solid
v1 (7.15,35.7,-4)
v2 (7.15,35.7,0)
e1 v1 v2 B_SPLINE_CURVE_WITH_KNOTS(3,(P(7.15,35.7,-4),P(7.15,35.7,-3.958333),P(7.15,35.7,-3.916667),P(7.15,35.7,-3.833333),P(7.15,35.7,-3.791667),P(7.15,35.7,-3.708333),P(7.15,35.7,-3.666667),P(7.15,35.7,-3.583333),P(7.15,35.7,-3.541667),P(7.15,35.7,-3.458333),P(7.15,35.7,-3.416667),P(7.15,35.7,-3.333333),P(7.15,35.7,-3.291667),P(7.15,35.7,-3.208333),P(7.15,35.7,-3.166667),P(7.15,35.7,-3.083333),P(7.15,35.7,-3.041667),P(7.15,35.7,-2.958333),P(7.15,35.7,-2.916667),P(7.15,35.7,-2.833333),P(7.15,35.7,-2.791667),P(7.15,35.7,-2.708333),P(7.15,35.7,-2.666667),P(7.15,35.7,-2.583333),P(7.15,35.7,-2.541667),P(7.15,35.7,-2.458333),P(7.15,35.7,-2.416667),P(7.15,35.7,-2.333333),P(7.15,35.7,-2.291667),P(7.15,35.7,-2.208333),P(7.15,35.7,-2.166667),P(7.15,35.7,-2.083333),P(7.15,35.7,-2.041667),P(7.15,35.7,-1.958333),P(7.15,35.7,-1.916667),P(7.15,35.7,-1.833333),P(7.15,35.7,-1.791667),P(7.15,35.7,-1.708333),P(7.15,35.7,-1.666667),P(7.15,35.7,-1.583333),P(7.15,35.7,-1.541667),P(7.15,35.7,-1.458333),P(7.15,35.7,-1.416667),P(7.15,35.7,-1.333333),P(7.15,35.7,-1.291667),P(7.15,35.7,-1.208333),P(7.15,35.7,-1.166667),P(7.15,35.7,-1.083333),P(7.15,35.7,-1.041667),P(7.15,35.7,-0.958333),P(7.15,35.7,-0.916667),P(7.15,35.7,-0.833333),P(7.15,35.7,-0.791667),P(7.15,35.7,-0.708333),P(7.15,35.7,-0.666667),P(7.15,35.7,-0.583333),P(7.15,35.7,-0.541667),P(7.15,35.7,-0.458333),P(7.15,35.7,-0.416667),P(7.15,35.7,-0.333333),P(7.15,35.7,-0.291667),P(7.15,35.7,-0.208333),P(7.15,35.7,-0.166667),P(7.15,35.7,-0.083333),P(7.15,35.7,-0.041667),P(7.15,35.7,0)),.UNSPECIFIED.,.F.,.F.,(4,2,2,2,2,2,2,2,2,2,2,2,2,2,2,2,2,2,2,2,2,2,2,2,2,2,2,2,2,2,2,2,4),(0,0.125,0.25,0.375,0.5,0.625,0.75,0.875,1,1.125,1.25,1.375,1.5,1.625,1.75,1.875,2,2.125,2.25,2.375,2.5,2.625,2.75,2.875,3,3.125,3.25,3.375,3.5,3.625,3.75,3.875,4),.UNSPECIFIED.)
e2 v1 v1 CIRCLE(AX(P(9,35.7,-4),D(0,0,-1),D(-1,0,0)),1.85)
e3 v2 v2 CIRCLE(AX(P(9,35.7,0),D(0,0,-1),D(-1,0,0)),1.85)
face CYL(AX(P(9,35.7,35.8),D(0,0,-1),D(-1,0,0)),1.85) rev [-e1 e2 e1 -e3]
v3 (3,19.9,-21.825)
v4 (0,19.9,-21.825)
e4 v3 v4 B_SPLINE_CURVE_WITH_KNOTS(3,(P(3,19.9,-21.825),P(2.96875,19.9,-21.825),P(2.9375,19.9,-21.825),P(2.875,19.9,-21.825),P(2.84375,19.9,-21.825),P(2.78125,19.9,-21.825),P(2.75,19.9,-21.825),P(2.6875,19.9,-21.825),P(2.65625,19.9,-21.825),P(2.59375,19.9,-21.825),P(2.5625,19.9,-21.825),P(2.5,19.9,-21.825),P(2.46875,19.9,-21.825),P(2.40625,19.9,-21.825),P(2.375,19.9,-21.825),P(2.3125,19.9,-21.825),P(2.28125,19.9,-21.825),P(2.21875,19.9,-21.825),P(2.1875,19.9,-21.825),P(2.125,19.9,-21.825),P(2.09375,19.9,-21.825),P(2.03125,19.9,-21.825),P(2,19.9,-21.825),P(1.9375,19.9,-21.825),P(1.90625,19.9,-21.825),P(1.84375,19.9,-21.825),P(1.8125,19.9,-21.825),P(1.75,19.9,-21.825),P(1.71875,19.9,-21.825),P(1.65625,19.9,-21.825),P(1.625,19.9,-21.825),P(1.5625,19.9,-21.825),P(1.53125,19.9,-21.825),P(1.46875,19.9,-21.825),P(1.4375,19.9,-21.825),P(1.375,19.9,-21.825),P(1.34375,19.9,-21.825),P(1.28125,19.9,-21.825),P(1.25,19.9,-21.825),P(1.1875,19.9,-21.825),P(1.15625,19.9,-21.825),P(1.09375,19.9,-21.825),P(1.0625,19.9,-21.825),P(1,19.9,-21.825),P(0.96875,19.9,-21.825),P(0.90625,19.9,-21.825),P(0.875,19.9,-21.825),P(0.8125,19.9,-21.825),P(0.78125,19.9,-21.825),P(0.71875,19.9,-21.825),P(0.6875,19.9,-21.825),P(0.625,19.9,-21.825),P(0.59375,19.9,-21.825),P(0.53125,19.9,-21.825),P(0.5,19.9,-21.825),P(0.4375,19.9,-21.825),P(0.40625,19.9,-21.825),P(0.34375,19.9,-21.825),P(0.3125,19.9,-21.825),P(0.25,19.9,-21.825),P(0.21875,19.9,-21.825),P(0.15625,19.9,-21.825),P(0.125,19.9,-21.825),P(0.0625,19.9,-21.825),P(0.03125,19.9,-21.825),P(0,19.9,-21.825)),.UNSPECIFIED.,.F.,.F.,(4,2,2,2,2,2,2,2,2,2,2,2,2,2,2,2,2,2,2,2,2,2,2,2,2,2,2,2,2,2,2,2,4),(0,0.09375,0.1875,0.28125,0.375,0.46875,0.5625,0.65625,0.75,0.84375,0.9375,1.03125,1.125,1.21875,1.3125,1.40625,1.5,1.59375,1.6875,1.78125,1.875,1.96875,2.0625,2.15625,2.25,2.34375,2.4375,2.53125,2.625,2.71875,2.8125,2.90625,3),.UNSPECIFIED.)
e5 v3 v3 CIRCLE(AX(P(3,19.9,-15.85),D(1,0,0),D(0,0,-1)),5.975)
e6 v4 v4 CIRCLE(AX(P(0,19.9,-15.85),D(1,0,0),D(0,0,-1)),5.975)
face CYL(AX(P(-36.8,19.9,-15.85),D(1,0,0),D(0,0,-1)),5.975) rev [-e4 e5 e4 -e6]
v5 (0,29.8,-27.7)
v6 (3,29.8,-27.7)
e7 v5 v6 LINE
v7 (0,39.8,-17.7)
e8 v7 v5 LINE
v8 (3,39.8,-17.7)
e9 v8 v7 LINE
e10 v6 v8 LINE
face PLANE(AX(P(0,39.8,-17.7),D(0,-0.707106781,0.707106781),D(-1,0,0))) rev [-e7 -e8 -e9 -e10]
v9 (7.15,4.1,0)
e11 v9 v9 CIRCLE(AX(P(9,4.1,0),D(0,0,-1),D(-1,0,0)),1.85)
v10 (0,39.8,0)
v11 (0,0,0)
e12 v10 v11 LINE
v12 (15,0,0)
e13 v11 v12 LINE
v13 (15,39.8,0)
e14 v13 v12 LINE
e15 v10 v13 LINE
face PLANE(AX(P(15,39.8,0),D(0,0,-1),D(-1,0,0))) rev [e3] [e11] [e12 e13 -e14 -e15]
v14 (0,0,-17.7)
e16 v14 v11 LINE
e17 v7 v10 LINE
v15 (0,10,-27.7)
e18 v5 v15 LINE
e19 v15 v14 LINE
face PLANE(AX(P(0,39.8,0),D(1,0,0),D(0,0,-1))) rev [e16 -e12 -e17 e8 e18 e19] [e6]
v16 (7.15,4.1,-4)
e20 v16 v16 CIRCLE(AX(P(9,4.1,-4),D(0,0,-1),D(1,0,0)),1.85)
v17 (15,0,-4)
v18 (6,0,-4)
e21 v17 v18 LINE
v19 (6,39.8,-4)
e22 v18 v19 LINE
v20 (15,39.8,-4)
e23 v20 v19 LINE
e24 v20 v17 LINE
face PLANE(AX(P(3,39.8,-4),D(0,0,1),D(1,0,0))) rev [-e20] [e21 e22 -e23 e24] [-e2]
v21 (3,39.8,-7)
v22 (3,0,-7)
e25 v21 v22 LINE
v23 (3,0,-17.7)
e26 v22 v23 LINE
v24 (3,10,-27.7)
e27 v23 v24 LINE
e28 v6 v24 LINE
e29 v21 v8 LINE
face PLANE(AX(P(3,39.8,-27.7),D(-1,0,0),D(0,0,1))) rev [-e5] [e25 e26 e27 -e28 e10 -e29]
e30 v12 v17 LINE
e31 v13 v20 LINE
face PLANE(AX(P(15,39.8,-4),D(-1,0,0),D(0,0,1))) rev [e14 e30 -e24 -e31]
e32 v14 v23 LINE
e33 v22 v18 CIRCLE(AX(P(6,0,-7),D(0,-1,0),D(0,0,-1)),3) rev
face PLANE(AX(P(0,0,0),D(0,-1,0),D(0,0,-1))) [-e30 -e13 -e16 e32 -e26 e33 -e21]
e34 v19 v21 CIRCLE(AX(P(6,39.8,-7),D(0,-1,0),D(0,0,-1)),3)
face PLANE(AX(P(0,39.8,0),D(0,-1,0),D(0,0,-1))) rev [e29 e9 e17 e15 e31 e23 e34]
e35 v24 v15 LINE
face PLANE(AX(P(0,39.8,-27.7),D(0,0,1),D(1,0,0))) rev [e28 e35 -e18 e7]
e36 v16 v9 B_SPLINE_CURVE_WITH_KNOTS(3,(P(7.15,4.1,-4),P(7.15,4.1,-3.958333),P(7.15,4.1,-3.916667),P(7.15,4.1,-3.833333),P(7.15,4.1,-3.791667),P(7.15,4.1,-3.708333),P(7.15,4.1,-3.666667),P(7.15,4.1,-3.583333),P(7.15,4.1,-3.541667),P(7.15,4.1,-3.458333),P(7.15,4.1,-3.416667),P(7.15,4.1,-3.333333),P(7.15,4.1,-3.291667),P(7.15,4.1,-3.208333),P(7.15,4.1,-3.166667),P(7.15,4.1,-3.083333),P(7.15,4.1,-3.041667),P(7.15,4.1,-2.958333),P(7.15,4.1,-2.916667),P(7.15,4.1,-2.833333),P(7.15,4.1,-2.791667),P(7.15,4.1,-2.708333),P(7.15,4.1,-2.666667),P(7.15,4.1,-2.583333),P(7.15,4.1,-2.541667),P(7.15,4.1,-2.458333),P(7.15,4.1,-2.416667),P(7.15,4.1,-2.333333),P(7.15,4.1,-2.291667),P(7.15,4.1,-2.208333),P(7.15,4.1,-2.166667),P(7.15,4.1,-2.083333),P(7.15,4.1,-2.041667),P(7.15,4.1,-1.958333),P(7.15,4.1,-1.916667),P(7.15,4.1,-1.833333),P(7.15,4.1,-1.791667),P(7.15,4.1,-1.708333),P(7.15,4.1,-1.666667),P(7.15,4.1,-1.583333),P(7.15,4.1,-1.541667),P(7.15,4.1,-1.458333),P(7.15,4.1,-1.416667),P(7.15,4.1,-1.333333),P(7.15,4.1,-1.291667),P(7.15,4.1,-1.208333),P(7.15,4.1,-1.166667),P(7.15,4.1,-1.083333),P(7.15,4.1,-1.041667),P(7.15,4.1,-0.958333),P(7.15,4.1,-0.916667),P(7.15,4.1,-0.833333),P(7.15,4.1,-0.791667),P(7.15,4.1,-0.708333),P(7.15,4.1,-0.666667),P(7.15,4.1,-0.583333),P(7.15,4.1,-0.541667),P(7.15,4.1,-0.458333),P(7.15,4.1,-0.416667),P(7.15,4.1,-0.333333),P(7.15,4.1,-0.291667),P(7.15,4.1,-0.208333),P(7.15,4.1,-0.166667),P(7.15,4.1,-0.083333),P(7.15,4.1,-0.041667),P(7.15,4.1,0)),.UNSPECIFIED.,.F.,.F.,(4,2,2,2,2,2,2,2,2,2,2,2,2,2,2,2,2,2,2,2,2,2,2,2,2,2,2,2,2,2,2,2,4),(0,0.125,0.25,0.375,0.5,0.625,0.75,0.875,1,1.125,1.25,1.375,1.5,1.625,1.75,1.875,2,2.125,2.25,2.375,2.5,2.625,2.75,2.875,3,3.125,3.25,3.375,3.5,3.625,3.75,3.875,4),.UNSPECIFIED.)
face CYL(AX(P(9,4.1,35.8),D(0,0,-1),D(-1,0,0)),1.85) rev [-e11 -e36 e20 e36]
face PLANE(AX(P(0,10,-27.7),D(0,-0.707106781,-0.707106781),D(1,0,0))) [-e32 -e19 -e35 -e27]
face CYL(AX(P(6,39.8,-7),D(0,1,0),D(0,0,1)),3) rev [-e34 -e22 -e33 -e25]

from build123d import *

# Parameters (mm, degrees)
BOSS_EXTRUDE1_DEPTH = 39.8
SKETCH2_R           = 1.85
CUT_EXTRUDE1_DEPTH  = 39.8
SKETCH3_R           = 5.975
CUT_EXTRUDE2_DEPTH  = 39.8
CHAMFER1_SIZE       = 10
FILLET1_R           = 3


with BuildPart() as part:
    # Sketch1 → Boss-Extrude1 (new body)
    with BuildSketch(Plane(origin=(0, 0, 0), x_dir=(1, 0, 0), z_dir=(0, 1, 0))):
        Polygon((0, 0), (0, 27.7), (3, 27.7), (3, 4), (15, 4), (15, 0), align=None)
    extrude(amount=BOSS_EXTRUDE1_DEPTH)

    # Sketch2 → Cut-Extrude1 (cut)
    with BuildSketch(Plane(origin=(0, 0, -4), x_dir=(-1, 0, 0), z_dir=(0, 0, -1))):
        with Locations((-9, 35.7)):
            Circle(SKETCH2_R)
        with Locations((-9, 4.1)):
            Circle(SKETCH2_R)
    extrude(amount=-CUT_EXTRUDE1_DEPTH, mode=Mode.SUBTRACT)

    # Sketch3 → Cut-Extrude2 (cut)
    with BuildSketch(Plane(origin=(3, 0, 0), x_dir=(0, 0, -1), z_dir=(1, 0, 0))):
        with Locations((15.85, 19.9)):
            Circle(SKETCH3_R)
    extrude(amount=-CUT_EXTRUDE2_DEPTH, mode=Mode.SUBTRACT)

    # Chamfer1
    chamfer1_edges = [part.edges().sort_by_distance(p)[0] for p in [
        (1.5, 39.8, -27.7),
        (1.5, 0, -27.7),
    ]]
    chamfer(chamfer1_edges, length=CHAMFER1_SIZE)

    # Fillet1
    fillet1_edges = [part.edges().sort_by_distance(p)[0] for p in [
        (3, 19.9, -4),
    ]]
    fillet(fillet1_edges, radius=FILLET1_R)


solid = part.part
